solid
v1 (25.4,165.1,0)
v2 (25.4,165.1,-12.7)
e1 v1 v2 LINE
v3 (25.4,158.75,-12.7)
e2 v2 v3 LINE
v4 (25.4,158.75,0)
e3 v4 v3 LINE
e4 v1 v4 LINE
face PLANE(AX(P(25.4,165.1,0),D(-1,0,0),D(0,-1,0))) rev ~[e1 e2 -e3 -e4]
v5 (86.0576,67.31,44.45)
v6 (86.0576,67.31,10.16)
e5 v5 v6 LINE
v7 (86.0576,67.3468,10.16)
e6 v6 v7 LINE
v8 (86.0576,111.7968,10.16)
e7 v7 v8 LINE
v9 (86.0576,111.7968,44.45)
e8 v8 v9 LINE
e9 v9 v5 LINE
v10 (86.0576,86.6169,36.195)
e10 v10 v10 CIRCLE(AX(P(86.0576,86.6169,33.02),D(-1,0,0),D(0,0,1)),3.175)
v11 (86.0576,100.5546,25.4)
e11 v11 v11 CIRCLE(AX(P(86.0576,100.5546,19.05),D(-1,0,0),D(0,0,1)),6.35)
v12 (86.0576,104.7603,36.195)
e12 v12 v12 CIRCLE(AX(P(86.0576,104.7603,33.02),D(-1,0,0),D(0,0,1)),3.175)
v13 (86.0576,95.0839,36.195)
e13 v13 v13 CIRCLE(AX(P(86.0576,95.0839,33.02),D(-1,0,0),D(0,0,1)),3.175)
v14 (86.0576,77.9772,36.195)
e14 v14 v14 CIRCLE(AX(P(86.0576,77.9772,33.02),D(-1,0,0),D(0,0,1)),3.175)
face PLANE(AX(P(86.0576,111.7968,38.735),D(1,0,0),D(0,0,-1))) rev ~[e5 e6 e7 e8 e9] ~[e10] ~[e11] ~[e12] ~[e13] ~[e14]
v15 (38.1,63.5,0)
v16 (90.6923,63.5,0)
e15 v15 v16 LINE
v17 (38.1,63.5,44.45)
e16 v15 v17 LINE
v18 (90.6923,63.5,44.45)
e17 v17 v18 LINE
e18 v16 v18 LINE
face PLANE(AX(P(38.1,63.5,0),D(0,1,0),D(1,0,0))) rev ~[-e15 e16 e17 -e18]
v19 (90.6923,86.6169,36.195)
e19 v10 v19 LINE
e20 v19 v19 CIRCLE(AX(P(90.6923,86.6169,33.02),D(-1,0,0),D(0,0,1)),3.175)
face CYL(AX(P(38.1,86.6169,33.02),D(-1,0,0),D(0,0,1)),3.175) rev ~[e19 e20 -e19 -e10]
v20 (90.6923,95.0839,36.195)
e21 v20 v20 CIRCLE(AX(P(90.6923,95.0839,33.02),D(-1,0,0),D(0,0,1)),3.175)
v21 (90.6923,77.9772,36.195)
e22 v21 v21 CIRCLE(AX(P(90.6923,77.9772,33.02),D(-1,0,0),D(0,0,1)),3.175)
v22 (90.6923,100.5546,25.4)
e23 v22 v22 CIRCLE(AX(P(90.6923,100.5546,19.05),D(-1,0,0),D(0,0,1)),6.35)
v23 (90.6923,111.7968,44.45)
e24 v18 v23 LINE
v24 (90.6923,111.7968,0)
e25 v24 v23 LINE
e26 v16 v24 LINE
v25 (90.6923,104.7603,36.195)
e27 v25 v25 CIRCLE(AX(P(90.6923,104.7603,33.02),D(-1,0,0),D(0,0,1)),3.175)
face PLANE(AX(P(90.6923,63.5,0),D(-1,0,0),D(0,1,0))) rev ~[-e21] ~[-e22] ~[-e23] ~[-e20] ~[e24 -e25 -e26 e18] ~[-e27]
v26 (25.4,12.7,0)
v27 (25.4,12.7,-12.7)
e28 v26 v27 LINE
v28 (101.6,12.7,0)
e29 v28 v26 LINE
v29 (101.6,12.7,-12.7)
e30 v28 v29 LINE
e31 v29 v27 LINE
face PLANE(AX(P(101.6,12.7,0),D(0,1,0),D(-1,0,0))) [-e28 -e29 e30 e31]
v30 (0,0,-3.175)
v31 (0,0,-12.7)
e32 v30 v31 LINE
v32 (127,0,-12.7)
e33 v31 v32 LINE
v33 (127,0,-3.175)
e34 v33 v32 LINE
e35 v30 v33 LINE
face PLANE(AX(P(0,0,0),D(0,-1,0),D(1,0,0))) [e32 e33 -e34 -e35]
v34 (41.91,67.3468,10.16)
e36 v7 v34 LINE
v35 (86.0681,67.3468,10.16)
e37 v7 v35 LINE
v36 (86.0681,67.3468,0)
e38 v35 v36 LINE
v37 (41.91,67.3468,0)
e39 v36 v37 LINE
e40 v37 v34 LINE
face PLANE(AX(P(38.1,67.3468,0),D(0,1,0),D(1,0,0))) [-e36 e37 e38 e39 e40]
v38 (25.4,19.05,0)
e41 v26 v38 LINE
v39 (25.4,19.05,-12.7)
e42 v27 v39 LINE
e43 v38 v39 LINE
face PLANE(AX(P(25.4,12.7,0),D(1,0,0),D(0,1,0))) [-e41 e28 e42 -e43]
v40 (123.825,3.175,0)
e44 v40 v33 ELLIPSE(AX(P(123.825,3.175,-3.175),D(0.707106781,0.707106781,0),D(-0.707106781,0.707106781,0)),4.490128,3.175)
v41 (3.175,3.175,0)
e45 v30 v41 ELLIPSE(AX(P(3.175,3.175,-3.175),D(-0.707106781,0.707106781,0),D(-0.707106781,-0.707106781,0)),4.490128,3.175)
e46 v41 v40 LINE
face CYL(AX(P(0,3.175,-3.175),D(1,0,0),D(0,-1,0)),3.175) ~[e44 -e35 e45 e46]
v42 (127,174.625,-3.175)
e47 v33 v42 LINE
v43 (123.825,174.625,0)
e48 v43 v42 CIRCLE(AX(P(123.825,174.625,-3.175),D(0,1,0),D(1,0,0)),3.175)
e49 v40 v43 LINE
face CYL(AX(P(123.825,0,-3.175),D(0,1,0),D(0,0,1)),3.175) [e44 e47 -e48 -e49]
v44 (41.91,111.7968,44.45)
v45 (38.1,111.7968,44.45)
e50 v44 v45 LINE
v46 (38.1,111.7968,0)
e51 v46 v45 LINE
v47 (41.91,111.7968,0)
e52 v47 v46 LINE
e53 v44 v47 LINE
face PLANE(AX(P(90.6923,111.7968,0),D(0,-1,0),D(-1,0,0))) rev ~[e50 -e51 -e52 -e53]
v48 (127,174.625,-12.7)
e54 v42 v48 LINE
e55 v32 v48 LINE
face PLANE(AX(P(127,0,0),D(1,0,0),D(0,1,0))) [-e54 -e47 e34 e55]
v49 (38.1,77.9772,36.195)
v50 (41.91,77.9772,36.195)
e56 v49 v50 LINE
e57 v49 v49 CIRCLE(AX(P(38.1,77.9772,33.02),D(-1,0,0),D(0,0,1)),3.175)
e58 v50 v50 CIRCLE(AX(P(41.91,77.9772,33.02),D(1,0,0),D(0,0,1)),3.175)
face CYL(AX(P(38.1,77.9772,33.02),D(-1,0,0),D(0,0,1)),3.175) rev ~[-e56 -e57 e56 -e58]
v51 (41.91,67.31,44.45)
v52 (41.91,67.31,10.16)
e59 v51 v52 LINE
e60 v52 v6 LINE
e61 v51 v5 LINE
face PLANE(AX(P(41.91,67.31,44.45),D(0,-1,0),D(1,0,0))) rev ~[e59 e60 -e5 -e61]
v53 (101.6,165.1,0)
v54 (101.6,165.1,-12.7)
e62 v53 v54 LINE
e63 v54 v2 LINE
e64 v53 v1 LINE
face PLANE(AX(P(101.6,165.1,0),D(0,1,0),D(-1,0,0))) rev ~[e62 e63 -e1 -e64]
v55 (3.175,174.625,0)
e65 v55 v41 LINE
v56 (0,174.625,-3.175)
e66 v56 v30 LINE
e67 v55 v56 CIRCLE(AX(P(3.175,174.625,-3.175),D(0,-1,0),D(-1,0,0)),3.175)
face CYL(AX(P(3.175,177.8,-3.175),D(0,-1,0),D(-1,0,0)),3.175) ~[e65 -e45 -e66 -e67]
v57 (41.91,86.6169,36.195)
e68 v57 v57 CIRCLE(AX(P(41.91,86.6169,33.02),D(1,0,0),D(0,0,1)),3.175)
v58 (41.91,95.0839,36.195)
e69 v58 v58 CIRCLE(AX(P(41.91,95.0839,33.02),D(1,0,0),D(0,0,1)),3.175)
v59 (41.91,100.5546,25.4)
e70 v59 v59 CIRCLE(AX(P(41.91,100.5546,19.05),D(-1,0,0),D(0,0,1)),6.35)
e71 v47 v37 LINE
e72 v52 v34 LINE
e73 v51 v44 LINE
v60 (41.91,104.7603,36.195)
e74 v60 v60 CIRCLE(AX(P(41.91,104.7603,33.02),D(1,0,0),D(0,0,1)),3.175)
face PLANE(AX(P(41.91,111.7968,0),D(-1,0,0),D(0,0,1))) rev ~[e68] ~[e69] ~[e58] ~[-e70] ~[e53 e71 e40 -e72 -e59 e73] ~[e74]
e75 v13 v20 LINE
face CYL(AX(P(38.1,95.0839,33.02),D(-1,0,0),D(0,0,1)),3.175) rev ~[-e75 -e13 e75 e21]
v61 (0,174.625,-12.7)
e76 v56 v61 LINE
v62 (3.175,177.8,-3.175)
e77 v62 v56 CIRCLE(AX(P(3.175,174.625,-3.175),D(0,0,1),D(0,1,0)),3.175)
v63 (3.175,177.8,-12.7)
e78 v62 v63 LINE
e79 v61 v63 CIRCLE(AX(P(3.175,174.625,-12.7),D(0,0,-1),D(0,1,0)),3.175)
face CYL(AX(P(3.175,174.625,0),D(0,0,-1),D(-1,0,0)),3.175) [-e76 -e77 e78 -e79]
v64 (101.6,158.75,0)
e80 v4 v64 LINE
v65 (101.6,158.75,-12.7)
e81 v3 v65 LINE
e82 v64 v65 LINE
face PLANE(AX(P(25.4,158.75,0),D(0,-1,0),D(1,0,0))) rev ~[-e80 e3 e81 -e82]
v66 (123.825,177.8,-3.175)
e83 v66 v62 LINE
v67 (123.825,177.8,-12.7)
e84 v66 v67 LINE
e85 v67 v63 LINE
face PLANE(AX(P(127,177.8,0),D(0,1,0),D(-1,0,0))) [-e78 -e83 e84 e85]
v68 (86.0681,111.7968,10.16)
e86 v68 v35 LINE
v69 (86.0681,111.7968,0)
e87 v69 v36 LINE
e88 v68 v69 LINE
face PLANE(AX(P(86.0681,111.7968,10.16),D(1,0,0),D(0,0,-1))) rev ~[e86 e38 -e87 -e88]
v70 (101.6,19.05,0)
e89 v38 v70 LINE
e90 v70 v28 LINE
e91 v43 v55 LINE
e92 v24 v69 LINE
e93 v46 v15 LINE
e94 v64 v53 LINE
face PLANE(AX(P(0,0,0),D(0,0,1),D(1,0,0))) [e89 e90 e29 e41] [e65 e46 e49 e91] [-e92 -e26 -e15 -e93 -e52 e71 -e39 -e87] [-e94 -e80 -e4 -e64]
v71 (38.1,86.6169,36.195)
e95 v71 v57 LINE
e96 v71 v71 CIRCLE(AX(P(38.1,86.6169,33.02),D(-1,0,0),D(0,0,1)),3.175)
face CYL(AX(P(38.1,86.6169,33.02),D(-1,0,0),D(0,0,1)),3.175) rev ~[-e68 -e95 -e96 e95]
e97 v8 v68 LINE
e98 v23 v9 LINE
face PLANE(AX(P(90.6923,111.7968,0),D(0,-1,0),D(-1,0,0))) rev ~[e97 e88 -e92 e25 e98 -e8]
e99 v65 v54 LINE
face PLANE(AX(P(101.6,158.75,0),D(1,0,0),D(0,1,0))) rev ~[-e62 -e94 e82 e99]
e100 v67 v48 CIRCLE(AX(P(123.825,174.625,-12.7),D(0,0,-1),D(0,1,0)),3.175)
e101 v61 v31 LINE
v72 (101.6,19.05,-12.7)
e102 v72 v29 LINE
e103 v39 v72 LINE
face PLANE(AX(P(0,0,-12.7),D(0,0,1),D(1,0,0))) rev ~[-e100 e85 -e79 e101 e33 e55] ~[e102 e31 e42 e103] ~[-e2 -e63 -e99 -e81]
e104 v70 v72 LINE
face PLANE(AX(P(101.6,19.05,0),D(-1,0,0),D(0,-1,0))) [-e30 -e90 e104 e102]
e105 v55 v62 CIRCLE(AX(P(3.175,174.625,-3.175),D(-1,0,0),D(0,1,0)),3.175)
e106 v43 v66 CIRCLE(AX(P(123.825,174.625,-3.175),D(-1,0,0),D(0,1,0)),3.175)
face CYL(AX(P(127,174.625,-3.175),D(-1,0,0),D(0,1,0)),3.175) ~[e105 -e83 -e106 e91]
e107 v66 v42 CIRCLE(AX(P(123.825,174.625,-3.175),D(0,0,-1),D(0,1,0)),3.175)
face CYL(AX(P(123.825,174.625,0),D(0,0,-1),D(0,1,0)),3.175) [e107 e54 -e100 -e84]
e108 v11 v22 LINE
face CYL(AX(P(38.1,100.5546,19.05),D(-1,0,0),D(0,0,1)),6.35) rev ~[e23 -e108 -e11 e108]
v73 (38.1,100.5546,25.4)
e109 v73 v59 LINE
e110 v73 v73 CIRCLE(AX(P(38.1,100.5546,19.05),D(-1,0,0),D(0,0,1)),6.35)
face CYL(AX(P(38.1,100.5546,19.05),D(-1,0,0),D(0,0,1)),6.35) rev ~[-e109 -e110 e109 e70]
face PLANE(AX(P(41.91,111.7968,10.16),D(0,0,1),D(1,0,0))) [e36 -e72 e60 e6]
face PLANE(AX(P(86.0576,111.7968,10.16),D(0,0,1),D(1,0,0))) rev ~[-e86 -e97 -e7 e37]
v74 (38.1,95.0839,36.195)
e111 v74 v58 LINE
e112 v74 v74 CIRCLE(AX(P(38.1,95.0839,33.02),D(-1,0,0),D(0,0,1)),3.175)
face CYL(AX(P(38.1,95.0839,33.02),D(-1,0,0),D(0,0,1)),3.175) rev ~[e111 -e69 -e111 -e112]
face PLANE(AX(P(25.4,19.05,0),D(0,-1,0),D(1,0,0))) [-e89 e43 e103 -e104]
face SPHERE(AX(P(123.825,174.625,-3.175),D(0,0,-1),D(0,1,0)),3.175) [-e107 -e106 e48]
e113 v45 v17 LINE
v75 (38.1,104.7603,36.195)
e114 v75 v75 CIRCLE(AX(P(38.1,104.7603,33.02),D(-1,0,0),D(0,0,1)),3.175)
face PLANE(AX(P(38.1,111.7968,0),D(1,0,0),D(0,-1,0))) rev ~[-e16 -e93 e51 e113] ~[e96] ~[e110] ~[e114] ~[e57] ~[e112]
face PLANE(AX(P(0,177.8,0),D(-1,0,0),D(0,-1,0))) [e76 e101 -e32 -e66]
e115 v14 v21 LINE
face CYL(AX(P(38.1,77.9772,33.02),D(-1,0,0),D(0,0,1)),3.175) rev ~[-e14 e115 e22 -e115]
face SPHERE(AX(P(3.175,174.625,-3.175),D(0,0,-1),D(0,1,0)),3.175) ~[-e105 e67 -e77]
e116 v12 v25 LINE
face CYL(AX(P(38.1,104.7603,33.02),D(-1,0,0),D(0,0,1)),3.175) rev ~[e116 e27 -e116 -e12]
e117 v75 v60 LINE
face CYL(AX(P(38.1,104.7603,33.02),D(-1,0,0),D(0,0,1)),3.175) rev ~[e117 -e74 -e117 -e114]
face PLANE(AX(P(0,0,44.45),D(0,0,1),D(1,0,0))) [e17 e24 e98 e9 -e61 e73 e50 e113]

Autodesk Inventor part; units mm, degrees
ref_plane "YZ Plane" through (0, 0, 0) normal (1, 0, 0) x (0, 1, 0)
ref_plane "XZ Plane" through (0, 0, 0) normal (0, 1, 0) x (-1, 0, 0)
ref_plane "XY Plane" through (0, 0, 0) normal (0, 0, 1) x (1, 0, 0)
sketch "Sketch1" plane through (0, 0, 0) normal (0, 0, 1) x (1, 0, 0)
  line L0 (0, 0) -> (127, 0)
  line L1 (127, 0) -> (127, 177.8)
  line L2 (127, 177.8) -> (0, 177.8)
  line L3 (0, 177.8) -> (0, 0)
  dimension "d0" = 127
  dimension "d1" = 177.8
extrude "Extrusion1" add sketch "Sketch1" against normal blind 12.7
sketch "Sketch2" plane through (0, 0, 0) normal (0, 0, 1) x (1, 0, 0)
  line L0 (0, 0) -> (0, 177.8) projected
  line L1 (127, 177.8) -> (127, 0) projected
  line L2 (25.4, 158.75) -> (101.6, 158.75)
  line L3 (101.6, 158.75) -> (101.6, 165.1)
  line L4 (101.6, 165.1) -> (25.4, 165.1)
  line L5 (25.4, 165.1) -> (25.4, 158.75)
  line L6 (25.4, 19.05) -> (101.6, 19.05)
  line L7 (101.6, 19.05) -> (101.6, 12.7)
  line L8 (101.6, 12.7) -> (25.4, 12.7)
  line L9 (25.4, 12.7) -> (25.4, 19.05)
  point P0 (63.5, 158.75)
  point P1 (101.6, 158.75)
  point P2 (63.5, 41.3327)
  dimension "d25" = 6.35
  dimension "d26" = 6.35
sketch "Sketch3" plane through (0, 0, 0) normal (0, 0, 1) x (1, 0, 0)
  point P0 (0, 0)
sketch "Sketch4" plane through (0, 0, 0) normal (0, 0, 1) x (1, 0, 0)
  line L0 (38.1, 63.5) -> (90.6923, 63.5)
  line L1 (90.6923, 63.5) -> (90.6923, 111.7968)
  line L2 (90.6923, 111.7968) -> (38.1, 111.7968)
  line L3 (38.1, 111.7968) -> (38.1, 63.5)
  point P0 (0, 0)
extrude "Extrusion2" add sketch "Sketch4" along normal blind 44.45
sketch "Sketch5" plane through (38.1, 63.5, 0) normal (-1, 0, 0) x (0, 0, 1)
  circle A0 centre (19.05, 37.0546) radius 6.35
  circle A1 centre (33.02, 41.2603) radius 3.175
  circle A2 centre (33.02, 31.5839) radius 3.175
  circle A3 centre (33.02, 23.1169) radius 3.175
  circle A4 centre (33.02, 14.4772) radius 3.175
  circle A5 centre (33.02, 5.8375) radius 3.175
  line L0 (0, 114.3) -> (0, -63.5) projected
  line L1 (44.45, 48.2968) -> (44.45, 0) projected
  dimension "d10" = 6.35
  dimension "d29" = 19.05
  dimension "d30" = 11.43
  dimension "d31" = 11.43
  dimension "d32" = 11.43
  dimension "d33" = 11.43
  dimension "d34" = 11.43
extrude "Extrusion3" cut sketch "Sketch5" against normal blind 254 contours A0
extrude "Extrusion5" cut sketch "Sketch5" against normal blind 254 contours A1 | A2 | A3 | A4
sketch "Sketch6" plane through (0, 0, 44.45) normal (0, 0, 1) x (1, 0, 0)
  line L0 (38.1, 107.9353) -> (90.6923, 107.9353) projected
  line L1 (41.91, 67.31) -> (86.0576, 67.31)
  line L2 (86.0576, 67.31) -> (86.0576, 107.9353)
  line L3 (86.0576, 107.9353) -> (41.91, 107.9353)
  line L4 (41.91, 107.9353) -> (41.91, 67.31)
  point P0 (0, 0)
extrude "Extrusion6" cut sketch "Sketch6" against normal blind 34.29
sketch "Sketch7" plane through (38.1, 111.7968, 0) normal (0, 1, 0) x (1, 0, 0)
  line L0 (3.81, -44.45) -> (3.81, -33.02) projected
  line L1 (3.81, -10.16) -> (47.9576, -10.16) projected
  line L2 (3.81, -38.735) -> (47.9576, -38.735)
  line L3 (47.9576, -38.735) -> (47.9576, -10.16)
  line L4 (47.9576, -10.16) -> (3.81, -10.16)
  line L5 (3.81, -10.16) -> (3.81, -38.735)
  line L6 (3.81, -38.735) -> (47.9576, -38.735)
  line L7 (47.9576, -38.735) -> (47.9576, -50.1618)
  line L8 (47.9576, -50.1618) -> (3.81, -50.1618)
  line L9 (3.81, -50.1618) -> (3.81, -38.735)
  point P0 (-38.1, 0)
extrude "Extrusion7" cut sketch "Sketch7" against normal blind 34.29 contours L0 L5 L1 L3 L2
extrude "Extrusion8" cut sketch "Sketch7" against normal blind 34.29 contours L0 L2 L7 L8 L9
extrude "Extrusion11" cut sketch "Sketch2" against normal blind 25.4
sketch "Sketch8" plane through (38.1, 111.7968, 0) normal (0, 1, 0) x (1, 0, 0)
  line L0 (47.9576, -10.16) -> (3.81, -10.16) projected
  line L1 (63.5, 0) -> (-12.7, 0) projected
  line L2 (3.81, -10.16) -> (47.9681, -10.16)
  line L3 (47.9681, -10.16) -> (47.9681, 0)
  line L4 (47.9681, 0) -> (3.81, 0)
  line L5 (3.81, 0) -> (3.81, -10.16)
  point P0 (-38.1, 0)
extrude "Extrusion12" cut sketch "Sketch8" against normal blind 44.45
fillet "Fillet1" radius 3.175 6 edges at (0, 177.8, -6.35) (127, 177.8, -6.35) (63.5, 177.8, 0) (127, 88.9, 0) (0, 88.9, 0) (63.5, 0, 0)
properties part number "LucasCharles Part 1 wall mount FINAL v2" material "Stainless Steel, Austenitic"
